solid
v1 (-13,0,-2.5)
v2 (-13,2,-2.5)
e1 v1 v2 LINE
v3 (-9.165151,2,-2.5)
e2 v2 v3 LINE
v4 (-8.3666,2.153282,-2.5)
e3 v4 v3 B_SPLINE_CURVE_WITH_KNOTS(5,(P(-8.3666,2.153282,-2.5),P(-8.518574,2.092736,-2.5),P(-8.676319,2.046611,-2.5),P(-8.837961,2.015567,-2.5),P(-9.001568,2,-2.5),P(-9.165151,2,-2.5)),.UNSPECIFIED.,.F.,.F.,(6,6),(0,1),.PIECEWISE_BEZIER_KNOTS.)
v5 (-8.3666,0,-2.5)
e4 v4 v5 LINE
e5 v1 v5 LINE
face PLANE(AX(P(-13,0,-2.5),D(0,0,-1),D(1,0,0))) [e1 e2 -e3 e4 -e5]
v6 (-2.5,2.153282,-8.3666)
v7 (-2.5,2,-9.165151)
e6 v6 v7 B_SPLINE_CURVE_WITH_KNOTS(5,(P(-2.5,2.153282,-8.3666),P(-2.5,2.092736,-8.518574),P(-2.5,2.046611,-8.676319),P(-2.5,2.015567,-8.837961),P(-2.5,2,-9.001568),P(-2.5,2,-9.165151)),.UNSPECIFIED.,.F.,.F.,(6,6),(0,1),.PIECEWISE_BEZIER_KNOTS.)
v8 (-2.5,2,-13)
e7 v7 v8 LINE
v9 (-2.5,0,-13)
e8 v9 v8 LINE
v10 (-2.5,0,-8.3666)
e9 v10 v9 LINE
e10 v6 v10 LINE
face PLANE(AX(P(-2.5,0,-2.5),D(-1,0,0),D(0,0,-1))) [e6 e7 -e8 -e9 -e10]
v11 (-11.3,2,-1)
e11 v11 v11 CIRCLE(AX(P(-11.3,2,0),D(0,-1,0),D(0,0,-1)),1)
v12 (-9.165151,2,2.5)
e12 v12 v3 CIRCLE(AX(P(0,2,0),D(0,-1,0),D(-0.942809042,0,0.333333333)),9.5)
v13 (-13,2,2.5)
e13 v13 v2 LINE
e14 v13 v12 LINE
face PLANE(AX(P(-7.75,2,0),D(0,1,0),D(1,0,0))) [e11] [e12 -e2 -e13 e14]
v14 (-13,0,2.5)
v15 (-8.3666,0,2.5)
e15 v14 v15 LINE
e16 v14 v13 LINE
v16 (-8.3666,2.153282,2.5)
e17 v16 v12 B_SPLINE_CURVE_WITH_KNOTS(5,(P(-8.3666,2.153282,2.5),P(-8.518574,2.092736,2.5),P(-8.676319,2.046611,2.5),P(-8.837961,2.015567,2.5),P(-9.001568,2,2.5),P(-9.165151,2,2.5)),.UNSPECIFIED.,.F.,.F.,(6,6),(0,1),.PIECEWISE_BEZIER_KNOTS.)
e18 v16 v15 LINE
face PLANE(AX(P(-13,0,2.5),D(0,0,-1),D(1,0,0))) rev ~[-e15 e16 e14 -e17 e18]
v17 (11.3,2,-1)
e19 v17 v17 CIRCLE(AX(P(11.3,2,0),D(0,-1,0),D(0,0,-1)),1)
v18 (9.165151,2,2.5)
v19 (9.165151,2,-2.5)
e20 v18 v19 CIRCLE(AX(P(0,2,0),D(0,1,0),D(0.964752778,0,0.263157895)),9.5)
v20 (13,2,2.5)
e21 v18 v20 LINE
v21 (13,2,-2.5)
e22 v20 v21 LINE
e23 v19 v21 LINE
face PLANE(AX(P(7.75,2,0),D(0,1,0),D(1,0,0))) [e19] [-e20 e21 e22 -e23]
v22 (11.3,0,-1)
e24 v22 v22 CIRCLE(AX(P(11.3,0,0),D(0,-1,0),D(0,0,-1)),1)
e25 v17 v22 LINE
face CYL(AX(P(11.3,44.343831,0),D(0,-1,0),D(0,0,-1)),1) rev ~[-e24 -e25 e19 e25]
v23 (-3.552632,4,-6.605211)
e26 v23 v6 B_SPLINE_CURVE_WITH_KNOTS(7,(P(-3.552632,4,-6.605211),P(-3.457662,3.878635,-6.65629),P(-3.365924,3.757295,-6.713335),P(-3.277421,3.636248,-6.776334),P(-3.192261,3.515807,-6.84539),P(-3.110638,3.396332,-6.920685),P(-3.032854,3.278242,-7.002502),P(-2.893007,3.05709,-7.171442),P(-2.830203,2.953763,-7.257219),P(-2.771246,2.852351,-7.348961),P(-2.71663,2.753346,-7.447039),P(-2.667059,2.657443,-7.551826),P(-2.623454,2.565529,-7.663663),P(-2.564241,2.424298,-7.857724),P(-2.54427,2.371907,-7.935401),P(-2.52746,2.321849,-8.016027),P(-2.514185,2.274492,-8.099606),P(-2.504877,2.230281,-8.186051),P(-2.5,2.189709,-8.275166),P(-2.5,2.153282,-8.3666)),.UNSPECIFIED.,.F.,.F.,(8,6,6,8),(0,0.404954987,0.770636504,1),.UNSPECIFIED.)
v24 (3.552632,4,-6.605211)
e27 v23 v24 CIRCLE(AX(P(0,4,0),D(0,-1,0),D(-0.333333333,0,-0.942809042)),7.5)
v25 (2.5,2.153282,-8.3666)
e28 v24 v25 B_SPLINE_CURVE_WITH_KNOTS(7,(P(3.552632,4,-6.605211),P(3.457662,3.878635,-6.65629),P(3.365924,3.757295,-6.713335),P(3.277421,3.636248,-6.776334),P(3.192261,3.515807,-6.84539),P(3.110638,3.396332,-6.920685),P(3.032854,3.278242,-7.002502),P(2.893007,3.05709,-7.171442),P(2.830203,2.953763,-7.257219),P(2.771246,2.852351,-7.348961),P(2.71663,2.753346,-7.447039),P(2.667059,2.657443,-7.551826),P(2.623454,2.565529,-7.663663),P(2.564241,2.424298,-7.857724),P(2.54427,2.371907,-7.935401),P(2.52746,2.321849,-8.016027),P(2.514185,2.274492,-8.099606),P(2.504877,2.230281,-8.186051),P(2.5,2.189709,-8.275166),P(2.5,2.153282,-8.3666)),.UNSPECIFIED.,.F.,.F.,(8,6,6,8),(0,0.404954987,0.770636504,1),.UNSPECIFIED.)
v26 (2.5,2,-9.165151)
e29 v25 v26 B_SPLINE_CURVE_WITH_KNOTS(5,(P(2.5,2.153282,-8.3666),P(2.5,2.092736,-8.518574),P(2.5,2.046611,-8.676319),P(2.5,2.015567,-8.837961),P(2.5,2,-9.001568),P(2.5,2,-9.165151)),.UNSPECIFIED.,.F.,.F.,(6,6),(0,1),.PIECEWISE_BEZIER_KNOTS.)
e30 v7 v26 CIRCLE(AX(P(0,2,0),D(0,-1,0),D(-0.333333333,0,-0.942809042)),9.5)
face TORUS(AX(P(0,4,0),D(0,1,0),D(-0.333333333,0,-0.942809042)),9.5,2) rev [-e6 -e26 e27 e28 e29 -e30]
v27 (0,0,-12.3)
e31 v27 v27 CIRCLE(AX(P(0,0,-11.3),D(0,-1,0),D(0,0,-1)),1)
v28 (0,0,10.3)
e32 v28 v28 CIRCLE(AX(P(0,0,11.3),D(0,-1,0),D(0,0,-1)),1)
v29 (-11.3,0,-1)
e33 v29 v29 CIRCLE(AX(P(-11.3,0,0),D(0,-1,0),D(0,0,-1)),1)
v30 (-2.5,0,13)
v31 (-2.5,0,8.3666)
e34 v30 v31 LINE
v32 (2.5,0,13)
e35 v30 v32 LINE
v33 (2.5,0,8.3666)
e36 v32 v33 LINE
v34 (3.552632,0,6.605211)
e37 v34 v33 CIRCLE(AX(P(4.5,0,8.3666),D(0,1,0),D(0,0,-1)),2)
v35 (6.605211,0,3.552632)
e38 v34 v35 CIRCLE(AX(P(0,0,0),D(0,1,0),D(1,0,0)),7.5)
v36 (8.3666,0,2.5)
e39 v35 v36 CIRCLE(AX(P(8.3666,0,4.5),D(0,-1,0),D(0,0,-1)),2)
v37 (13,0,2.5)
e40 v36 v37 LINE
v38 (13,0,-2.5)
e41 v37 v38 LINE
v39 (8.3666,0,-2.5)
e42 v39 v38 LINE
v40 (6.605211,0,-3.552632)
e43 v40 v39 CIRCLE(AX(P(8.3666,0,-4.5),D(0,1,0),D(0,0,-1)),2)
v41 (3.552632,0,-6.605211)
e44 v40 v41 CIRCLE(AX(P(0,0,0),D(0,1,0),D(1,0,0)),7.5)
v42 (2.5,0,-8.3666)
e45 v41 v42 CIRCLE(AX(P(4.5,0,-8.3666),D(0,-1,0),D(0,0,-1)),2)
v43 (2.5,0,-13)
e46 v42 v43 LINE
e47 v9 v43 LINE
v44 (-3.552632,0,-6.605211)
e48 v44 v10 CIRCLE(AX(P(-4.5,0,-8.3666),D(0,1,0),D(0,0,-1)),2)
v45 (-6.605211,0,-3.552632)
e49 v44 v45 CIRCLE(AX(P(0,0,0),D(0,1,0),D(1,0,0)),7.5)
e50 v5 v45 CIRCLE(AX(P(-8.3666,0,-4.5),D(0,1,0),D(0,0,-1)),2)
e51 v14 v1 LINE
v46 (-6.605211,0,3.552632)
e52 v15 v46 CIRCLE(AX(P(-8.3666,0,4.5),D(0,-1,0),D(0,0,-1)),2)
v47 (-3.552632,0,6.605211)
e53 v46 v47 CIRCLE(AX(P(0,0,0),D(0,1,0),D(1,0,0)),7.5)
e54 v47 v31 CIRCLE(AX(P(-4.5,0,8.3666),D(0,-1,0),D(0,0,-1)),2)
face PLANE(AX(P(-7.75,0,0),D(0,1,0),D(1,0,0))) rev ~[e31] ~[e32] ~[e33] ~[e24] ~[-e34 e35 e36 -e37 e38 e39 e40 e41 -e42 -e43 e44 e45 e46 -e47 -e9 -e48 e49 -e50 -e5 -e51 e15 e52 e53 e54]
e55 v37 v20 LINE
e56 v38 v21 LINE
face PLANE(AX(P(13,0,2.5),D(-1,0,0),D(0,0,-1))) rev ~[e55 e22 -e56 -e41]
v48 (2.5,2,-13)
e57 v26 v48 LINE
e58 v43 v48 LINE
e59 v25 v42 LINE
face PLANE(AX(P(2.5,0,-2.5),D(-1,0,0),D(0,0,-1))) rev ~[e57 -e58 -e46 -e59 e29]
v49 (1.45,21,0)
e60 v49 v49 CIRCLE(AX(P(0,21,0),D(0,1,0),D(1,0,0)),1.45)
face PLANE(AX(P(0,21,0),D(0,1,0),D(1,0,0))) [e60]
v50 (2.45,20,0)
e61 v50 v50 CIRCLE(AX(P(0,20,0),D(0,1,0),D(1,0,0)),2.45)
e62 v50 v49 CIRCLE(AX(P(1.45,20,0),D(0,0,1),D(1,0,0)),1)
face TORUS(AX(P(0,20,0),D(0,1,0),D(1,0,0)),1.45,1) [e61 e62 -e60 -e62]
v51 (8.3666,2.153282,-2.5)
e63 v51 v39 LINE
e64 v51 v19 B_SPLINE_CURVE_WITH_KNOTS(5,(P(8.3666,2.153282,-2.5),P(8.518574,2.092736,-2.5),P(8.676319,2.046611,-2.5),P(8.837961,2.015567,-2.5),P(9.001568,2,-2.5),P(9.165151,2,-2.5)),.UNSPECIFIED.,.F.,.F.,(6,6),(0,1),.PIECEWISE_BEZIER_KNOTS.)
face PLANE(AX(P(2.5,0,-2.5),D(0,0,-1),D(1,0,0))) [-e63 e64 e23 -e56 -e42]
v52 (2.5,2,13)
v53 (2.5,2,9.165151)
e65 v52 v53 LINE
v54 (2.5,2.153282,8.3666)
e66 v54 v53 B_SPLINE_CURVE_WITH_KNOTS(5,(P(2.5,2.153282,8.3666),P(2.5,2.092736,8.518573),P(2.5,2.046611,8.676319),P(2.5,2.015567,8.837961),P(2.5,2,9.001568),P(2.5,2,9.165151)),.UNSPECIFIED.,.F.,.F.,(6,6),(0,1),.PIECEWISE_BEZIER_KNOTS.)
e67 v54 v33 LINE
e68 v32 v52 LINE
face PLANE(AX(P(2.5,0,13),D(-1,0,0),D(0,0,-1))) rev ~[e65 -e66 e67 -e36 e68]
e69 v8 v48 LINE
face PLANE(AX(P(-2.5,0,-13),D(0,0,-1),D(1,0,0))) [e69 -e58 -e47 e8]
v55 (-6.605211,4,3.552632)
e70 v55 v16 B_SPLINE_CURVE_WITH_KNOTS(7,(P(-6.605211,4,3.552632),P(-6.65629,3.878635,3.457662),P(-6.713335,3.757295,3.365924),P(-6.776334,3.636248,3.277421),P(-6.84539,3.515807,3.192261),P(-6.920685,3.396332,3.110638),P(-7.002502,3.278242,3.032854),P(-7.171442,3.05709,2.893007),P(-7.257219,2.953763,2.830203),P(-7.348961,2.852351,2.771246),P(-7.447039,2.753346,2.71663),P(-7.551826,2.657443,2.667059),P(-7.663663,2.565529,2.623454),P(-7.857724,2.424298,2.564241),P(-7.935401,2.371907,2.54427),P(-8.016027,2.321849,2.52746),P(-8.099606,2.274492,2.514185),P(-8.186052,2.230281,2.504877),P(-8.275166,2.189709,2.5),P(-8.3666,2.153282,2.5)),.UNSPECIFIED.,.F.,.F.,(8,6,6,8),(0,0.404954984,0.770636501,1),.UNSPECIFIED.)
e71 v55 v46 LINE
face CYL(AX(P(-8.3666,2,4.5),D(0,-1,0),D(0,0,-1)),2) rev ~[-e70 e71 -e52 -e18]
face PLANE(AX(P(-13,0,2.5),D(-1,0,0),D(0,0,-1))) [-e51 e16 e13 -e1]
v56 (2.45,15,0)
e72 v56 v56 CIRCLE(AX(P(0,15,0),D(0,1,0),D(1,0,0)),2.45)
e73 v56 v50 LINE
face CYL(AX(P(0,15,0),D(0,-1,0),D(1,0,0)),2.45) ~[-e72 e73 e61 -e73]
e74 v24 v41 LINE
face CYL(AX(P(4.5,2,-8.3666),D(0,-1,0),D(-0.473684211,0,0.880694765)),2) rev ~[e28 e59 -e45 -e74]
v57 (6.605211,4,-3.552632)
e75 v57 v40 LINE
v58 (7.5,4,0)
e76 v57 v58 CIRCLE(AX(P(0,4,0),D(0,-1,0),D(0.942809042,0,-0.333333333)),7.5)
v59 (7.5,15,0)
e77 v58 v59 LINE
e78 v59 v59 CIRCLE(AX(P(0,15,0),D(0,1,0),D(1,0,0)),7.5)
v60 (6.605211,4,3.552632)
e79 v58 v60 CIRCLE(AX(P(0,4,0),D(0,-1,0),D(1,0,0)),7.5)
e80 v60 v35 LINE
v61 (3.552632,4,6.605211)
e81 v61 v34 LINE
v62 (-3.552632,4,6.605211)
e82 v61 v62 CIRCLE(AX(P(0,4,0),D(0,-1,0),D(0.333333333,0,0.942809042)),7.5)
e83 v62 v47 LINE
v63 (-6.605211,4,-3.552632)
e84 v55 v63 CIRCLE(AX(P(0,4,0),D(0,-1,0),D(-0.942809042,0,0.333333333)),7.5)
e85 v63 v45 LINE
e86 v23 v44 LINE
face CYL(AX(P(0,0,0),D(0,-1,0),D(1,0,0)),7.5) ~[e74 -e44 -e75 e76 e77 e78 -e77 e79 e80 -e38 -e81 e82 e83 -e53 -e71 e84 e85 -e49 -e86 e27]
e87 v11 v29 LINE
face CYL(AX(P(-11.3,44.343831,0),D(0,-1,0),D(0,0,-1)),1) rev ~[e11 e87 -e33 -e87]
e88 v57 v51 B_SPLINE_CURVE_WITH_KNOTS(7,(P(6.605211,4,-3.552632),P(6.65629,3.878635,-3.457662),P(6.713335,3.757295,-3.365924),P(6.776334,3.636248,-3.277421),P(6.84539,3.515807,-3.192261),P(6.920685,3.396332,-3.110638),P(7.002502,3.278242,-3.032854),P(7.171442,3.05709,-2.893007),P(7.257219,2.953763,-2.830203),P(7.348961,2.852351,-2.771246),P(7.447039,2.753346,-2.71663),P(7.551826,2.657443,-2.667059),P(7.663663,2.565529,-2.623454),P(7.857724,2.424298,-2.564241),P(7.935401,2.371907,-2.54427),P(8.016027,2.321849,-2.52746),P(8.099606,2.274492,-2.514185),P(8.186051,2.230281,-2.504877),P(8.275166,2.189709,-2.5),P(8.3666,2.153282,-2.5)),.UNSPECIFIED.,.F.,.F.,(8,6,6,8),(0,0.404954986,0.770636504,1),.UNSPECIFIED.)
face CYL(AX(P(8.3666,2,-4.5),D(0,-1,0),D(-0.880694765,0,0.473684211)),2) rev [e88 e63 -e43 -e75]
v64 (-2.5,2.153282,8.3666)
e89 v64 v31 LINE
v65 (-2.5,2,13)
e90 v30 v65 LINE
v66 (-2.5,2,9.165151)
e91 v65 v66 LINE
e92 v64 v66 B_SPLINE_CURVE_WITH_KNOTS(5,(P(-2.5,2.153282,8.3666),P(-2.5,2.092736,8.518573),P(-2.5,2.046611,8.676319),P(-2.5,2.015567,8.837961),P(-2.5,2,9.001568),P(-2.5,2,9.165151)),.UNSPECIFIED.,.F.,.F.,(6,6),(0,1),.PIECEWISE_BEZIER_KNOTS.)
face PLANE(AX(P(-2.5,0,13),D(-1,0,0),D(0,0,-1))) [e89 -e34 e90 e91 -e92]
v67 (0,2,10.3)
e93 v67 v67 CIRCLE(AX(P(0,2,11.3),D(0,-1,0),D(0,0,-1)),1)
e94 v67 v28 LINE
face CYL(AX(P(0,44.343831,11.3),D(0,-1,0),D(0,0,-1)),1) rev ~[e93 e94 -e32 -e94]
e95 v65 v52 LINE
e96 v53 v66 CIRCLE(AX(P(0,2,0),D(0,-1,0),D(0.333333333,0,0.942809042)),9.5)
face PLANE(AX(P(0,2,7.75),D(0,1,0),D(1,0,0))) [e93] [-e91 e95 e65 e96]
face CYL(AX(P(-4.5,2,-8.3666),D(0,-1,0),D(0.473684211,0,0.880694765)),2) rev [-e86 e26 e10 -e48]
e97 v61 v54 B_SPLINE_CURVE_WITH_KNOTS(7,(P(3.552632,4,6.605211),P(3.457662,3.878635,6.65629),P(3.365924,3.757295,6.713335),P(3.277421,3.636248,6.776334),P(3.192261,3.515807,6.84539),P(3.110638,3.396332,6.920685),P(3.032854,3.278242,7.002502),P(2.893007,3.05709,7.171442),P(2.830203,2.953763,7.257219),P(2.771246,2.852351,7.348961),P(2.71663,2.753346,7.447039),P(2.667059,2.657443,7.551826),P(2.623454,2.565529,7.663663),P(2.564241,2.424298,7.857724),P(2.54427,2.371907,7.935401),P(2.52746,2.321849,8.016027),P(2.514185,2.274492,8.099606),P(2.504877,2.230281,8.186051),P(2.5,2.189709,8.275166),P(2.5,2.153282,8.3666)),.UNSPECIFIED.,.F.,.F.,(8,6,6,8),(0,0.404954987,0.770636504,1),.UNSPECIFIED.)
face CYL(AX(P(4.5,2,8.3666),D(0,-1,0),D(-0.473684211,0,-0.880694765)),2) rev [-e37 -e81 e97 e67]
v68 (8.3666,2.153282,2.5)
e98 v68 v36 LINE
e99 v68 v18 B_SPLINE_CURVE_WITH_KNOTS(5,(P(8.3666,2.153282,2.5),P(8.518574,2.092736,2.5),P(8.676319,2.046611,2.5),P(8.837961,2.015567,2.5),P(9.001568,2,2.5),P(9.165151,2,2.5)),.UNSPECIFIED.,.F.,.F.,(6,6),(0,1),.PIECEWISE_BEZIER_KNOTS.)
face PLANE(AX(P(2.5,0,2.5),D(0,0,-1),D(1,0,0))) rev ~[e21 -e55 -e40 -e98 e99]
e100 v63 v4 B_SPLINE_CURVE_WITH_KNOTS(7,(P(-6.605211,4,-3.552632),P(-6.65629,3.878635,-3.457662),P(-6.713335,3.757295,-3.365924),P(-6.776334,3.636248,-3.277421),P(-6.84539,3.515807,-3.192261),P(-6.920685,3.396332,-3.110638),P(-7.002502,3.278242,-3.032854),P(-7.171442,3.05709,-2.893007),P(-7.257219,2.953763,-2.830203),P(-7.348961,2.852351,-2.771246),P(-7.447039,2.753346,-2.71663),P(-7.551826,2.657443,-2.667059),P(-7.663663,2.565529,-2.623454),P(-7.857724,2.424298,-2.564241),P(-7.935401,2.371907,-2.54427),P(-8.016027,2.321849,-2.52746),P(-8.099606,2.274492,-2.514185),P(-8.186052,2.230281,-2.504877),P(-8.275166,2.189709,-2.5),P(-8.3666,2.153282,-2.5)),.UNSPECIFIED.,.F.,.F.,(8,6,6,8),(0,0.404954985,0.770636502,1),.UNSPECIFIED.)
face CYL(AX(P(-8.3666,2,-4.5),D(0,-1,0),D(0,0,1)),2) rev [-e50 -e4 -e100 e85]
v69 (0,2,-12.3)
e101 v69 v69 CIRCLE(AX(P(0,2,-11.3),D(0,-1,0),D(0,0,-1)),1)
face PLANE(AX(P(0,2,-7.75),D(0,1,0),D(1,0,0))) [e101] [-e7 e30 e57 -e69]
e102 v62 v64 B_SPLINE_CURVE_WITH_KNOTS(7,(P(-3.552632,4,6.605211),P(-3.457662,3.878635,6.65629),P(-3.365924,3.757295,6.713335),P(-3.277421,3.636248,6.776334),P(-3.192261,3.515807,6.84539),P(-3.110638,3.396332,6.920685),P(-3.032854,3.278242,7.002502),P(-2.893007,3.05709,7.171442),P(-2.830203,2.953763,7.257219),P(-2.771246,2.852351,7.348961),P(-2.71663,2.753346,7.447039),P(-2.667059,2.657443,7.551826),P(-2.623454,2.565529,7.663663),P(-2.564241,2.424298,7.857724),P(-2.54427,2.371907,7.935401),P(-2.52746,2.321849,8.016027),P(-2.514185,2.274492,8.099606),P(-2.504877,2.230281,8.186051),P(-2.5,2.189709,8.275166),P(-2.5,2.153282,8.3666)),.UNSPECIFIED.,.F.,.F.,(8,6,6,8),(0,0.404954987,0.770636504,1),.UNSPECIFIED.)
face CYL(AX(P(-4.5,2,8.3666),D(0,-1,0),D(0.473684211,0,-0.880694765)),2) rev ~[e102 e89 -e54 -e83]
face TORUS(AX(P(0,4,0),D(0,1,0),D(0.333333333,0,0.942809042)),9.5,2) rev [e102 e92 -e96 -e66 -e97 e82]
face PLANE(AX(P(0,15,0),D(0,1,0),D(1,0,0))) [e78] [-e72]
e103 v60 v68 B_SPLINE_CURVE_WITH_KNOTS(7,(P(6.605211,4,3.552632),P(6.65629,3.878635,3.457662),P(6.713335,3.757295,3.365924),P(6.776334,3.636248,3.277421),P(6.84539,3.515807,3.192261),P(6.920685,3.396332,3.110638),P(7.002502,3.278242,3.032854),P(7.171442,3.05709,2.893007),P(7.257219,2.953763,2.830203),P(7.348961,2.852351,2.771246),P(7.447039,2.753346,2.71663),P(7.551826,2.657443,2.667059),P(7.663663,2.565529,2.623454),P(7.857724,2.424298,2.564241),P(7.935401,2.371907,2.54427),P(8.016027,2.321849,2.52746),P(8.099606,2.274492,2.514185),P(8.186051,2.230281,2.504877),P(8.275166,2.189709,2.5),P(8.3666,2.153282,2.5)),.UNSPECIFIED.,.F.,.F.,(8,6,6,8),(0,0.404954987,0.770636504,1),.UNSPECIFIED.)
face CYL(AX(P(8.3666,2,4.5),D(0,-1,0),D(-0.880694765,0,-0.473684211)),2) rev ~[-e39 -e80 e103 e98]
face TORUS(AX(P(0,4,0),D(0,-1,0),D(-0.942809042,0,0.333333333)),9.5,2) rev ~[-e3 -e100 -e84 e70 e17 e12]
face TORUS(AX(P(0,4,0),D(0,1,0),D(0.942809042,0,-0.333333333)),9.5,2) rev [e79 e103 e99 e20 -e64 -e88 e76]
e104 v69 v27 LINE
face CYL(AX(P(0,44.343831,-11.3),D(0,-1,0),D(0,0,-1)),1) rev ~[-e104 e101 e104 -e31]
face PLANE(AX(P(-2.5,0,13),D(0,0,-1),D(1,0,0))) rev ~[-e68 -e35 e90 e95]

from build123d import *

# Parameters (mm, degrees)
SKETCH1_R             = 7.5
BOSS_EXTRUDE1_DEPTH   = 15
SKETCH2_R             = 2.45
BOSS_EXTRUDE2_DEPTH   = 6
SKETCH3_W             = 10.5
SKETCH3_H             = 5
SKETCH3_W_2           = 5
SKETCH3_H_2           = 10.5
BOSS_EXTRUDE3_DEPTH   = 2
FILLET1_R             = 2
F_2_0MM_DOWEL_HOLE1_D = 2
FILLET2_R             = 1


with BuildPart() as part:
    # Sketch1 → Boss-Extrude1 (new body)
    with BuildSketch(Plane(origin=(0, 0, 0), x_dir=(1, 0, 0), z_dir=(0, 1, 0))):
        Circle(SKETCH1_R)
    extrude(amount=BOSS_EXTRUDE1_DEPTH)

    # Sketch2 → Boss-Extrude2 (add)
    with BuildSketch(Plane(origin=(0, 15, 0), x_dir=(1, 0, 0), z_dir=(0, 1, 0))):
        Circle(SKETCH2_R)
    extrude(amount=BOSS_EXTRUDE2_DEPTH)

    # Sketch3 → Boss-Extrude3 (add)
    with BuildSketch(Plane(origin=(0, 0, 0), x_dir=(1, 0, 0), z_dir=(0, 1, 0))):
        with Locations((-7.75, 0)):
            Rectangle(SKETCH3_W, SKETCH3_H)
        with Locations((0, -7.75)):
            Rectangle(SKETCH3_W_2, SKETCH3_H_2)
        with Locations((7.75, 0)):
            Rectangle(SKETCH3_W, SKETCH3_H)
        with Locations((0, 7.75)):
            Rectangle(SKETCH3_W_2, SKETCH3_H_2)
    extrude(amount=BOSS_EXTRUDE3_DEPTH)

    # Fillet1
    fillet1_edges = [part.edges().sort_by_distance(p)[0] for p in [
        (-7.5, 2, 0),
        (-7.071067812, 1, 2.5),
        (-7.071067812, 1, -2.5),
        (0, 2, 7.5),
        (-2.5, 1, 7.071067812),
        (2.5, 1, 7.071067812),
        (7.391989197, 2, -1.26826484),
        (7.071067812, 1, 2.5),
        (7.071067812, 1, -2.5),
        (0, 2, -7.5),
        (-2.5, 1, -7.071067812),
        (2.5, 1, -7.071067812),
    ]]
    fillet(fillet1_edges, radius=FILLET1_R)

    # Ø2.0mm Dowel Hole1 (through all)
    with Locations(Plane(origin=(-11.3, 2, 0), x_dir=(0, 0, 1), z_dir=(0, 1, 0))):
        with Locations((0, 0), (-11.3, 11.3), (0, 22.6), (11.3, 11.3)):
            Hole(F_2_0MM_DOWEL_HOLE1_D / 2)

    # Fillet2
    fillet2_edges = [part.edges().sort_by_distance(p)[0] for p in [
        (-2.45, 21, 0),
    ]]
    fillet(fillet2_edges, radius=FILLET2_R)


solid = part.part
